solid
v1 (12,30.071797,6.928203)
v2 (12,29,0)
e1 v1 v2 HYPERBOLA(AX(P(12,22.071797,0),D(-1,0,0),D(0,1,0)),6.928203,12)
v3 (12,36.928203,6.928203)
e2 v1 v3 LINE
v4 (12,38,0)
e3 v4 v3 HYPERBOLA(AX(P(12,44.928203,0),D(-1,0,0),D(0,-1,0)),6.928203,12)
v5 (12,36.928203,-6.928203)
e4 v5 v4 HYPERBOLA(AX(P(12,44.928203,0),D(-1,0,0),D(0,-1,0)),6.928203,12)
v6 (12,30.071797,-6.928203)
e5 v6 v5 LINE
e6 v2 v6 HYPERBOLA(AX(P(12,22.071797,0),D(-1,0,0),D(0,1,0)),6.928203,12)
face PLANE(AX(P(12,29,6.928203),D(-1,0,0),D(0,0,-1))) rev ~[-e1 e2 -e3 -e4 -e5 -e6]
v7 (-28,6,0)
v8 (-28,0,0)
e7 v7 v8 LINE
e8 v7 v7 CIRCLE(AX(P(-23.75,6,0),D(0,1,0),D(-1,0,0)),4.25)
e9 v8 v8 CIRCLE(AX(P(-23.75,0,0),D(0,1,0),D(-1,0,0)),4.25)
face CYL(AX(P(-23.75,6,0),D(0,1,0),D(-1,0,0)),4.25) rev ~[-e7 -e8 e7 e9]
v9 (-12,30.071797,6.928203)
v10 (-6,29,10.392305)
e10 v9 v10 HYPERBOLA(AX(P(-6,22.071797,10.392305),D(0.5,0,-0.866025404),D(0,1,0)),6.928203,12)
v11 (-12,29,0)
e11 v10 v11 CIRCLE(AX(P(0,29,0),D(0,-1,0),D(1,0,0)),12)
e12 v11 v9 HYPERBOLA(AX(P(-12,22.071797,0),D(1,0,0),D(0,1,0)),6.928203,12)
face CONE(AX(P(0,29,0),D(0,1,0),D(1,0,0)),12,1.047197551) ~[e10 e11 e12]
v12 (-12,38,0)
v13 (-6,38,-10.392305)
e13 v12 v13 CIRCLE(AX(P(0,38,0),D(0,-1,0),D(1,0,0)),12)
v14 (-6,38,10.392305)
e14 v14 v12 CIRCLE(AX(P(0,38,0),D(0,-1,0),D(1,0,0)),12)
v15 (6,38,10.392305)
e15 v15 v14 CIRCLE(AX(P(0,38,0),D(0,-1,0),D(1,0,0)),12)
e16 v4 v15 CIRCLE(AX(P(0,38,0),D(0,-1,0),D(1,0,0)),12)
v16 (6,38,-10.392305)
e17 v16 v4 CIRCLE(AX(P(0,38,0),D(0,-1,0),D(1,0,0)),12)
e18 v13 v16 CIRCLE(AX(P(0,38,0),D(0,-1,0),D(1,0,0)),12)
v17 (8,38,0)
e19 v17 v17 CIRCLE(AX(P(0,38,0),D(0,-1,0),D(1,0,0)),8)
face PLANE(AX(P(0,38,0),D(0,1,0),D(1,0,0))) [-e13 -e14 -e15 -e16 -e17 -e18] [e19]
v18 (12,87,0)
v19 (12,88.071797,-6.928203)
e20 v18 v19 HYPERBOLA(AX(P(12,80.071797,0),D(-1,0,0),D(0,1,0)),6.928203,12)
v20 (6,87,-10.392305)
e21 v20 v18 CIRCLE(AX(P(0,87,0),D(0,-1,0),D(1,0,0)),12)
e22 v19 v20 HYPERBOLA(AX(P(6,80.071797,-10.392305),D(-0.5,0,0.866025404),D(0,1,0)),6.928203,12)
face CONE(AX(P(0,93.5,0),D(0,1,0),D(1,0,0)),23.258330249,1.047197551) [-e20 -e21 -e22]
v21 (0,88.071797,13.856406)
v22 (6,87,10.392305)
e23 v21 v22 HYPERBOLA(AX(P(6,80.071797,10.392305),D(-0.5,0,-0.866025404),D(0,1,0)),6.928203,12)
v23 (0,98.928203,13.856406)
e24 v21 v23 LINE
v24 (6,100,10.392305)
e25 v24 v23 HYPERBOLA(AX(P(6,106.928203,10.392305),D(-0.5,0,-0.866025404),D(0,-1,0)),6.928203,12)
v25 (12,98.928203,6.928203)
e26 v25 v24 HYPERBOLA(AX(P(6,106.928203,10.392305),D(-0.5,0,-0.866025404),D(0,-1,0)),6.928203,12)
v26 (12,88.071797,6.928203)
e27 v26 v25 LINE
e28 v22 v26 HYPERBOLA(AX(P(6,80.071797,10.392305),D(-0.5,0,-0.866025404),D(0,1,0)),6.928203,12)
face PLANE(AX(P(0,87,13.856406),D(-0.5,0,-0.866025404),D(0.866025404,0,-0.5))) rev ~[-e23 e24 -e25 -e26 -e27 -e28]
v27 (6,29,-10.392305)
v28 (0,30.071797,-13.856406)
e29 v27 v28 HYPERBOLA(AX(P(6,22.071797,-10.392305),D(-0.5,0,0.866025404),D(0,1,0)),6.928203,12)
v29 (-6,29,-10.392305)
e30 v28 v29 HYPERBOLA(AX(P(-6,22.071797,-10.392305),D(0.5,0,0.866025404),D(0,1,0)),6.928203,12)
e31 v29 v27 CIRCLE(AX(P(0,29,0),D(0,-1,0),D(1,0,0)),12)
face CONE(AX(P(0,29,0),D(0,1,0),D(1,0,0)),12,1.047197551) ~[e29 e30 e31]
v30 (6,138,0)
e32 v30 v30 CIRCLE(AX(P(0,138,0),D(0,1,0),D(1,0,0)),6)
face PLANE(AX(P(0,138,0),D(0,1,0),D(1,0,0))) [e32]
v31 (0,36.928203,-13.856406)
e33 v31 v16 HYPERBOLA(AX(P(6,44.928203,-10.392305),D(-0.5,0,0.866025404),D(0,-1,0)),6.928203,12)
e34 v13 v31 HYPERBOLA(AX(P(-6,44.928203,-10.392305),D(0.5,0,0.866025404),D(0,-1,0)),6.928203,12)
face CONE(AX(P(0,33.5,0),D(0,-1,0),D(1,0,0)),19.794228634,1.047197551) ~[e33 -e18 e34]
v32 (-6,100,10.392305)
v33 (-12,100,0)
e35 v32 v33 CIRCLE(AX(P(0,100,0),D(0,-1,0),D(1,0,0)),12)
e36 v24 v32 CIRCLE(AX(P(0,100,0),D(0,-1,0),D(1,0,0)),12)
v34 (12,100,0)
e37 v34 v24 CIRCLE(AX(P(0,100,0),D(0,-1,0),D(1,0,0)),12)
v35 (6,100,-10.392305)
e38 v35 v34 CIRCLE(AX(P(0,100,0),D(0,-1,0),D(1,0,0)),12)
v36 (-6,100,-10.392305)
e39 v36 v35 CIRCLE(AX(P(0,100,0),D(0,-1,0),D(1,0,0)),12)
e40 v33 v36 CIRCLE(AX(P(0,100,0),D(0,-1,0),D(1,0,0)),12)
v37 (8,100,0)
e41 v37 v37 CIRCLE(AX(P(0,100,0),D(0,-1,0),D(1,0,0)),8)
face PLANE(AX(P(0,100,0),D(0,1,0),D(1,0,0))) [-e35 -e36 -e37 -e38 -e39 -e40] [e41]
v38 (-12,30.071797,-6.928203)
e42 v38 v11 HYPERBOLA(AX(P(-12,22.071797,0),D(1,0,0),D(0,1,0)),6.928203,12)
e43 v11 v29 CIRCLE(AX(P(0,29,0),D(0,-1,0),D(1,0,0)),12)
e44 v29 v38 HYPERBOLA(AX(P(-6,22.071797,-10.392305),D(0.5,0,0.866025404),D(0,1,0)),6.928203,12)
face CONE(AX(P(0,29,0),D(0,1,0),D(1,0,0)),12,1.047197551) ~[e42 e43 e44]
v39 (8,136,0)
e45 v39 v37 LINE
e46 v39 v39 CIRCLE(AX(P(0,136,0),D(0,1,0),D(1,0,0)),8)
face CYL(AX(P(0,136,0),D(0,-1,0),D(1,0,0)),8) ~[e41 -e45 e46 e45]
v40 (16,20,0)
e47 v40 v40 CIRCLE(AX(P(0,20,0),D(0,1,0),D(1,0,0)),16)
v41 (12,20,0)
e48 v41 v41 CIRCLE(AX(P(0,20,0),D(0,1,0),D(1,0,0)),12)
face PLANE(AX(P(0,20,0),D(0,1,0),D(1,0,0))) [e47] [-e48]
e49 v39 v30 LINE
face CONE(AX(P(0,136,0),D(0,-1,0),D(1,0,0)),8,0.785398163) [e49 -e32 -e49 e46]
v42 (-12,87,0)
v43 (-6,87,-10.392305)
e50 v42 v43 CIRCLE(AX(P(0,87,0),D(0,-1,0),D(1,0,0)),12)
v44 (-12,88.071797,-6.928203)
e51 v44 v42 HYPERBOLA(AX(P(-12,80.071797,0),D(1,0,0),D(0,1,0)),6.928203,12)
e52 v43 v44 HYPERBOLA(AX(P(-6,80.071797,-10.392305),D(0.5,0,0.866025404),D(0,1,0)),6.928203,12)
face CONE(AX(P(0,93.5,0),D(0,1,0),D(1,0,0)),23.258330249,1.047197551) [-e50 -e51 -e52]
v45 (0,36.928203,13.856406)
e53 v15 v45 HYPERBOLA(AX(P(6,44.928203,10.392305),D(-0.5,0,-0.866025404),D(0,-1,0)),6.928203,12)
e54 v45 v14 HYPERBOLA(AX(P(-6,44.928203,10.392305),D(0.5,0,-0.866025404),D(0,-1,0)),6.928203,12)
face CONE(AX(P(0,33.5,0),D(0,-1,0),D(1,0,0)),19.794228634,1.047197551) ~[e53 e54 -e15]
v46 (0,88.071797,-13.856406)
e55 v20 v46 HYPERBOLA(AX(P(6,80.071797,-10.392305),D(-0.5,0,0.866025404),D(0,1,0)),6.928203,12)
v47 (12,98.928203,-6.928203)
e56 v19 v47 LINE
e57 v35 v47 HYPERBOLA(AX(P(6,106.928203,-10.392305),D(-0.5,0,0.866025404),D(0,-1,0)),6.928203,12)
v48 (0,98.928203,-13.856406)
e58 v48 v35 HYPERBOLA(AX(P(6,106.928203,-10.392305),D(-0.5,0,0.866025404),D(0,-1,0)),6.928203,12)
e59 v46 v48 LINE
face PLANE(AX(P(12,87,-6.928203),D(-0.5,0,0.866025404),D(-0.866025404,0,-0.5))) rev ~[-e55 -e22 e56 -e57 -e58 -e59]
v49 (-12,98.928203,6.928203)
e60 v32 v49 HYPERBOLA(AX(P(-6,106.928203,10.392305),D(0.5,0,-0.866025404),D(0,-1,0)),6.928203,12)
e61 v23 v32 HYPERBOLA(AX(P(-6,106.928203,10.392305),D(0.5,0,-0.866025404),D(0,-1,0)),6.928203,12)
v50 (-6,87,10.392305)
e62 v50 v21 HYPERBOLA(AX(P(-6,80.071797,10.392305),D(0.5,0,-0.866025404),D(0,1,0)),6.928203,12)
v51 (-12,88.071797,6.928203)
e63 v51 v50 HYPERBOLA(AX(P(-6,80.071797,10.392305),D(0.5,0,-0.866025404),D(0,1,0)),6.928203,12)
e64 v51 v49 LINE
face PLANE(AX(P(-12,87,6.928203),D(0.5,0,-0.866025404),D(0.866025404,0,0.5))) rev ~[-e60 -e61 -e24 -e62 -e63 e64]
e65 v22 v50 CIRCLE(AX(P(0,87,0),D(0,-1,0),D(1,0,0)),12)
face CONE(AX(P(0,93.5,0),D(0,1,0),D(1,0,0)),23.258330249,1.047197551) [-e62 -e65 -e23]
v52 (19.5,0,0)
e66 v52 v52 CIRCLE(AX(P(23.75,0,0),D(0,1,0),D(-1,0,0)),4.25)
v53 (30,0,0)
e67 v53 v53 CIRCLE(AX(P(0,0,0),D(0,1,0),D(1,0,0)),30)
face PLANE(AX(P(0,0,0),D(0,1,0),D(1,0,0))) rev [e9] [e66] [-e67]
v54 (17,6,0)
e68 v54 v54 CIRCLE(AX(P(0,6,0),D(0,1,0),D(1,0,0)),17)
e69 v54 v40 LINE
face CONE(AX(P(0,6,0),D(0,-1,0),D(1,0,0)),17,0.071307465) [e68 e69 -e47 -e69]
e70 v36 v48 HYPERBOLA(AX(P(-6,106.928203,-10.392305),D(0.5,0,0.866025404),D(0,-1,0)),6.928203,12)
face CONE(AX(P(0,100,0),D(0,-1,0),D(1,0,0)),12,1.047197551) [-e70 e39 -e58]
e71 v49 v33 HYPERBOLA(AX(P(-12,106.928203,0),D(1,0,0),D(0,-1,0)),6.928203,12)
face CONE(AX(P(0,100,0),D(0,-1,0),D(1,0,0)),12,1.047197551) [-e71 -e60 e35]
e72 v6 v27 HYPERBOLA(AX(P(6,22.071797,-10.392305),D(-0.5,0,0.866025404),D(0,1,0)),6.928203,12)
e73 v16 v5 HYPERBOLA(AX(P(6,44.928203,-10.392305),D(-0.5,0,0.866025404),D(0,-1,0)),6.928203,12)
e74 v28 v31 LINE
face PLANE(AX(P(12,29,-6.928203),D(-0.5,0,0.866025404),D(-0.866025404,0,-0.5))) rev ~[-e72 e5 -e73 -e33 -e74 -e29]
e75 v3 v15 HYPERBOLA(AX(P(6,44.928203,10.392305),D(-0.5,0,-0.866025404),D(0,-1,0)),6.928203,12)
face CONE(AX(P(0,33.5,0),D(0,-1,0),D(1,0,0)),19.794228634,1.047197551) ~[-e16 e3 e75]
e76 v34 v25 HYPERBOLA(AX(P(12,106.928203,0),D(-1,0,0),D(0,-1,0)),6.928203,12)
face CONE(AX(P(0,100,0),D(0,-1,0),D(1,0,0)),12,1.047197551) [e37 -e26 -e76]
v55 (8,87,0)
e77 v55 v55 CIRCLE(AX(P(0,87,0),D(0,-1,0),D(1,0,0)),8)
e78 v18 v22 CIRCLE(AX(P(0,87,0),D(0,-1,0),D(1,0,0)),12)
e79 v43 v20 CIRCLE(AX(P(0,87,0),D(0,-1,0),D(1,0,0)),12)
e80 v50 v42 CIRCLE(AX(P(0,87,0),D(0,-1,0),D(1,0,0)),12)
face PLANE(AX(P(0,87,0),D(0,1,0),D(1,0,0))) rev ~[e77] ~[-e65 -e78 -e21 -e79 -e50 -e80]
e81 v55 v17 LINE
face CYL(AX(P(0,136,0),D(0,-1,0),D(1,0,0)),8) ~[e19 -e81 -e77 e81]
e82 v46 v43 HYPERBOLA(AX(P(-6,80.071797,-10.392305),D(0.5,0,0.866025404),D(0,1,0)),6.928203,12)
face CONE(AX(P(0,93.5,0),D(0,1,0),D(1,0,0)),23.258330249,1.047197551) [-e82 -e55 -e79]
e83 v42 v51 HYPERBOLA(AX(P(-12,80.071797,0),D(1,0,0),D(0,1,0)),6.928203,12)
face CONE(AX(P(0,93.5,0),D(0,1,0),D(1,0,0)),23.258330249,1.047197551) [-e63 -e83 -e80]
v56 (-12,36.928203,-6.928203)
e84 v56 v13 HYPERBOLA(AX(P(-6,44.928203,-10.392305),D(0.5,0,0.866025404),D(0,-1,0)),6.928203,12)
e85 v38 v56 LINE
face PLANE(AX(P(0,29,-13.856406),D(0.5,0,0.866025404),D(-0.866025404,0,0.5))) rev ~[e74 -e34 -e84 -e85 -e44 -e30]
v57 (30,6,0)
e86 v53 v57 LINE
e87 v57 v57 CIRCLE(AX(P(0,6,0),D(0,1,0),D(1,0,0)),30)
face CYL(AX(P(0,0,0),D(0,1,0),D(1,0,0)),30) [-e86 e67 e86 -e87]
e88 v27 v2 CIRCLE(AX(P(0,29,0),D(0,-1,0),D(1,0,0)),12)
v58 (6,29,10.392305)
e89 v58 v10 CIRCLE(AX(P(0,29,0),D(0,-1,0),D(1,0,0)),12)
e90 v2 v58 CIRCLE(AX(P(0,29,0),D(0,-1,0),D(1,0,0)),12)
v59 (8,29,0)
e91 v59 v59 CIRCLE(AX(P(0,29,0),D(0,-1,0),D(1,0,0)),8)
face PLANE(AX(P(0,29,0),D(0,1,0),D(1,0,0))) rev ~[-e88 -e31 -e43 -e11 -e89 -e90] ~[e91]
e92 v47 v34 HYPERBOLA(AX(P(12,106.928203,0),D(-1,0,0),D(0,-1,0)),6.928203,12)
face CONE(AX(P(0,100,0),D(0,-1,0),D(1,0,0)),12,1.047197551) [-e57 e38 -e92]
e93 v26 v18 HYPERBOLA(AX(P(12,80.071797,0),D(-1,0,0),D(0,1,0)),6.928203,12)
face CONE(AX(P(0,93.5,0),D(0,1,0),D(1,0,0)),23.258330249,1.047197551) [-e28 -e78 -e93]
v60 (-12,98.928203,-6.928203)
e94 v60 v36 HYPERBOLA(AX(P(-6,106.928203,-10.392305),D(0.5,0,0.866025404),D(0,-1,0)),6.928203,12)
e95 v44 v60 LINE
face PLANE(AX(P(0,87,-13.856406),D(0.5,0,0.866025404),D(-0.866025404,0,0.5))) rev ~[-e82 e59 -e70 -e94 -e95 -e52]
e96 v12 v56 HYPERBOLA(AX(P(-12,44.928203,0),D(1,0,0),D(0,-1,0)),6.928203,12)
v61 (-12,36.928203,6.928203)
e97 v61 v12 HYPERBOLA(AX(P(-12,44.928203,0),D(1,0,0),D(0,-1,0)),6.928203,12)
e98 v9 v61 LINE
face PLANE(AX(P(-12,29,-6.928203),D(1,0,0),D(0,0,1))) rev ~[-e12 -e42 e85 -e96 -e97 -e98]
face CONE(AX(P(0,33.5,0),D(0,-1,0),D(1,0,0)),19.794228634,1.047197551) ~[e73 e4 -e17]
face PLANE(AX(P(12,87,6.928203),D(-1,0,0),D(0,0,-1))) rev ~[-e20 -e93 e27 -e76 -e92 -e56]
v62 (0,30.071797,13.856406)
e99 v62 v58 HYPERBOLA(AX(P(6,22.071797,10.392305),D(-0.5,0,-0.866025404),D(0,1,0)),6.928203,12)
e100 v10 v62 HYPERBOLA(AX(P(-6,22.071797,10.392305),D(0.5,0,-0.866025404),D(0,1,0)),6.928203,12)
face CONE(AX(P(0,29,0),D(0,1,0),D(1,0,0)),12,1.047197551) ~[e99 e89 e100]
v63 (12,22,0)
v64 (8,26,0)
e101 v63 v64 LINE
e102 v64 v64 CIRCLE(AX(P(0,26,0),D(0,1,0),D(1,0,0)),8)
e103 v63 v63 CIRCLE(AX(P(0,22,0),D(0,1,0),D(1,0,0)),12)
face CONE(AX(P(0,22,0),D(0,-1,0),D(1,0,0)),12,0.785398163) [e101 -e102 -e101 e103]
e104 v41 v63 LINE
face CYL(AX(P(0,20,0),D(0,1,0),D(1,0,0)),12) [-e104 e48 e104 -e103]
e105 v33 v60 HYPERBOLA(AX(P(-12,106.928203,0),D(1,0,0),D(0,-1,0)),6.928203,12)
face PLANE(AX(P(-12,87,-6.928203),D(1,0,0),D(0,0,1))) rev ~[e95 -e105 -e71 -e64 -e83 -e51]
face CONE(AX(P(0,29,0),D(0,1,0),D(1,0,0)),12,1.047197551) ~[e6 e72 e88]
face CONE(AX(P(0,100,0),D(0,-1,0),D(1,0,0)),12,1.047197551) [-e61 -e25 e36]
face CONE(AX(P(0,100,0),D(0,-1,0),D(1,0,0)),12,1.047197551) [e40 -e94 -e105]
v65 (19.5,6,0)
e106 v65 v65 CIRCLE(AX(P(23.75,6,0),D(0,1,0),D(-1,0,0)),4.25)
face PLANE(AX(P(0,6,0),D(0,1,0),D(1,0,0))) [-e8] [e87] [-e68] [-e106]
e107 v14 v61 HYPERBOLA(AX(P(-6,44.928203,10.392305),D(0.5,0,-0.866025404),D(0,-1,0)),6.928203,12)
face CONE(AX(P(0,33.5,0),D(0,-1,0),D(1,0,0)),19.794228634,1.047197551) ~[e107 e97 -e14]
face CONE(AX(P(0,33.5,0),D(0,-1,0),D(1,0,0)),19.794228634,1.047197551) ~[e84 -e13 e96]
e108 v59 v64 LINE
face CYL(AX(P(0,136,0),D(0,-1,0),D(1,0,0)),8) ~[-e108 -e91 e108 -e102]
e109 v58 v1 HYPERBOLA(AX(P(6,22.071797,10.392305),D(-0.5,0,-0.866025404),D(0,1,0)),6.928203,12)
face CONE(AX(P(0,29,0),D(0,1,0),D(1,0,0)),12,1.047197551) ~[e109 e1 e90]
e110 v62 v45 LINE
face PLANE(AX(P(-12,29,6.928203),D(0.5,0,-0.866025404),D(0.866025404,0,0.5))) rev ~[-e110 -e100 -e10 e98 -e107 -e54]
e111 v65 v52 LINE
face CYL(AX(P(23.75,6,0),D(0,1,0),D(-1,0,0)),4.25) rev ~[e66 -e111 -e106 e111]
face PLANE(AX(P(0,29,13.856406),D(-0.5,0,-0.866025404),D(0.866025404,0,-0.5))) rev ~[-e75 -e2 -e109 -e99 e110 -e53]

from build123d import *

# Parameters (mm, degrees)
EXTRUDE_1_DEPTH     = 9
EXTRUDE_2_DEPTH     = 13
SKETCH_5_R          = 4.25
CUT_EXTRUDE_1_DEPTH = 7


with BuildPart() as part:
    # Эскиз1 → Повернуть1 (revolve)
    with BuildSketch(Plane.XY, mode=Mode.PRIVATE) as revolve_1_sk:
        Polygon((0, 0), (-30, 0), (-30, 6), (-17, 6), (-16, 20), (-12, 20), (-12, 22), (-8, 26), (-8, 29), (-8, 38), (-8, 136), (-6, 138), (0, 138), align=None)
    revolve(revolve_1_sk.sketch.rotate(Axis((0, 0, 0), (0, 1, 0)), 180), axis=Axis((0, 0, 0), (0, 1, 0)))  # turned: the seam where the file's is

    # Эскиз2 → Бобышка-Вытянуть1 (add)
    with BuildSketch(Plane(origin=(0, 29, 0), x_dir=(1, 0, 0), z_dir=(0, 1, 0))):
        Polygon((0, 13.856406461), (-12, 6.92820323), (-12, -6.92820323), (0, -13.856406461), (12, -6.92820323), (12, 6.92820323), align=None)
    extrude(amount=EXTRUDE_1_DEPTH)

    # Эскиз3 → Бобышка-Вытянуть2 (add)
    with BuildSketch(Plane(origin=(0, 87, 0), x_dir=(1, 0, 0), z_dir=(0, 1, 0))):
        Polygon((12, 6.92820323), (0, 13.856406461), (-12, 6.92820323), (-12, -6.92820323), (0, -13.856406461), (12, -6.92820323), align=None)
    extrude(amount=EXTRUDE_2_DEPTH)

    # Эскиз4 → Вырез-Повернуть2 (revolve, cut)
    with BuildSketch(Plane.XY, mode=Mode.PRIVATE) as cut_revolve_2_sk:
        Polygon((-23.258330249, 100), (-12, 100), (-23.258330249, 93.5), align=None)
        Polygon((-23.258330249, 87), (-23.258330249, 93.5), (-12, 87), align=None)
        Polygon((-19.794228634, 38), (-19.794228634, 33.5), (-12, 38), align=None)
        Polygon((-19.794228634, 33.5), (-19.794228634, 29), (-12, 29), align=None)
    revolve(cut_revolve_2_sk.sketch.rotate(Axis((0, 138, 0), (0, -1, 0)), 180), axis=Axis((0, 138, 0), (0, -1, 0)), mode=Mode.SUBTRACT)  # turned: the seam where the file's is

    # Эскиз5 → Вырез-Вытянуть1 (cut, through all)
    with BuildSketch(Plane(origin=(0, 6, 0), x_dir=(1, 0, 0), z_dir=(0, 1, 0))):
        with Locations(Location((-23.75, 0, 0), (0, 0, 180))):  # turned: the seam where the file's is
            Circle(SKETCH_5_R)
        with Locations(Location((23.75, 0, 0), (0, 0, 180))):  # turned: the seam where the file's is
            Circle(SKETCH_5_R)
    extrude(amount=-CUT_EXTRUDE_1_DEPTH, mode=Mode.SUBTRACT)


solid = part.part
